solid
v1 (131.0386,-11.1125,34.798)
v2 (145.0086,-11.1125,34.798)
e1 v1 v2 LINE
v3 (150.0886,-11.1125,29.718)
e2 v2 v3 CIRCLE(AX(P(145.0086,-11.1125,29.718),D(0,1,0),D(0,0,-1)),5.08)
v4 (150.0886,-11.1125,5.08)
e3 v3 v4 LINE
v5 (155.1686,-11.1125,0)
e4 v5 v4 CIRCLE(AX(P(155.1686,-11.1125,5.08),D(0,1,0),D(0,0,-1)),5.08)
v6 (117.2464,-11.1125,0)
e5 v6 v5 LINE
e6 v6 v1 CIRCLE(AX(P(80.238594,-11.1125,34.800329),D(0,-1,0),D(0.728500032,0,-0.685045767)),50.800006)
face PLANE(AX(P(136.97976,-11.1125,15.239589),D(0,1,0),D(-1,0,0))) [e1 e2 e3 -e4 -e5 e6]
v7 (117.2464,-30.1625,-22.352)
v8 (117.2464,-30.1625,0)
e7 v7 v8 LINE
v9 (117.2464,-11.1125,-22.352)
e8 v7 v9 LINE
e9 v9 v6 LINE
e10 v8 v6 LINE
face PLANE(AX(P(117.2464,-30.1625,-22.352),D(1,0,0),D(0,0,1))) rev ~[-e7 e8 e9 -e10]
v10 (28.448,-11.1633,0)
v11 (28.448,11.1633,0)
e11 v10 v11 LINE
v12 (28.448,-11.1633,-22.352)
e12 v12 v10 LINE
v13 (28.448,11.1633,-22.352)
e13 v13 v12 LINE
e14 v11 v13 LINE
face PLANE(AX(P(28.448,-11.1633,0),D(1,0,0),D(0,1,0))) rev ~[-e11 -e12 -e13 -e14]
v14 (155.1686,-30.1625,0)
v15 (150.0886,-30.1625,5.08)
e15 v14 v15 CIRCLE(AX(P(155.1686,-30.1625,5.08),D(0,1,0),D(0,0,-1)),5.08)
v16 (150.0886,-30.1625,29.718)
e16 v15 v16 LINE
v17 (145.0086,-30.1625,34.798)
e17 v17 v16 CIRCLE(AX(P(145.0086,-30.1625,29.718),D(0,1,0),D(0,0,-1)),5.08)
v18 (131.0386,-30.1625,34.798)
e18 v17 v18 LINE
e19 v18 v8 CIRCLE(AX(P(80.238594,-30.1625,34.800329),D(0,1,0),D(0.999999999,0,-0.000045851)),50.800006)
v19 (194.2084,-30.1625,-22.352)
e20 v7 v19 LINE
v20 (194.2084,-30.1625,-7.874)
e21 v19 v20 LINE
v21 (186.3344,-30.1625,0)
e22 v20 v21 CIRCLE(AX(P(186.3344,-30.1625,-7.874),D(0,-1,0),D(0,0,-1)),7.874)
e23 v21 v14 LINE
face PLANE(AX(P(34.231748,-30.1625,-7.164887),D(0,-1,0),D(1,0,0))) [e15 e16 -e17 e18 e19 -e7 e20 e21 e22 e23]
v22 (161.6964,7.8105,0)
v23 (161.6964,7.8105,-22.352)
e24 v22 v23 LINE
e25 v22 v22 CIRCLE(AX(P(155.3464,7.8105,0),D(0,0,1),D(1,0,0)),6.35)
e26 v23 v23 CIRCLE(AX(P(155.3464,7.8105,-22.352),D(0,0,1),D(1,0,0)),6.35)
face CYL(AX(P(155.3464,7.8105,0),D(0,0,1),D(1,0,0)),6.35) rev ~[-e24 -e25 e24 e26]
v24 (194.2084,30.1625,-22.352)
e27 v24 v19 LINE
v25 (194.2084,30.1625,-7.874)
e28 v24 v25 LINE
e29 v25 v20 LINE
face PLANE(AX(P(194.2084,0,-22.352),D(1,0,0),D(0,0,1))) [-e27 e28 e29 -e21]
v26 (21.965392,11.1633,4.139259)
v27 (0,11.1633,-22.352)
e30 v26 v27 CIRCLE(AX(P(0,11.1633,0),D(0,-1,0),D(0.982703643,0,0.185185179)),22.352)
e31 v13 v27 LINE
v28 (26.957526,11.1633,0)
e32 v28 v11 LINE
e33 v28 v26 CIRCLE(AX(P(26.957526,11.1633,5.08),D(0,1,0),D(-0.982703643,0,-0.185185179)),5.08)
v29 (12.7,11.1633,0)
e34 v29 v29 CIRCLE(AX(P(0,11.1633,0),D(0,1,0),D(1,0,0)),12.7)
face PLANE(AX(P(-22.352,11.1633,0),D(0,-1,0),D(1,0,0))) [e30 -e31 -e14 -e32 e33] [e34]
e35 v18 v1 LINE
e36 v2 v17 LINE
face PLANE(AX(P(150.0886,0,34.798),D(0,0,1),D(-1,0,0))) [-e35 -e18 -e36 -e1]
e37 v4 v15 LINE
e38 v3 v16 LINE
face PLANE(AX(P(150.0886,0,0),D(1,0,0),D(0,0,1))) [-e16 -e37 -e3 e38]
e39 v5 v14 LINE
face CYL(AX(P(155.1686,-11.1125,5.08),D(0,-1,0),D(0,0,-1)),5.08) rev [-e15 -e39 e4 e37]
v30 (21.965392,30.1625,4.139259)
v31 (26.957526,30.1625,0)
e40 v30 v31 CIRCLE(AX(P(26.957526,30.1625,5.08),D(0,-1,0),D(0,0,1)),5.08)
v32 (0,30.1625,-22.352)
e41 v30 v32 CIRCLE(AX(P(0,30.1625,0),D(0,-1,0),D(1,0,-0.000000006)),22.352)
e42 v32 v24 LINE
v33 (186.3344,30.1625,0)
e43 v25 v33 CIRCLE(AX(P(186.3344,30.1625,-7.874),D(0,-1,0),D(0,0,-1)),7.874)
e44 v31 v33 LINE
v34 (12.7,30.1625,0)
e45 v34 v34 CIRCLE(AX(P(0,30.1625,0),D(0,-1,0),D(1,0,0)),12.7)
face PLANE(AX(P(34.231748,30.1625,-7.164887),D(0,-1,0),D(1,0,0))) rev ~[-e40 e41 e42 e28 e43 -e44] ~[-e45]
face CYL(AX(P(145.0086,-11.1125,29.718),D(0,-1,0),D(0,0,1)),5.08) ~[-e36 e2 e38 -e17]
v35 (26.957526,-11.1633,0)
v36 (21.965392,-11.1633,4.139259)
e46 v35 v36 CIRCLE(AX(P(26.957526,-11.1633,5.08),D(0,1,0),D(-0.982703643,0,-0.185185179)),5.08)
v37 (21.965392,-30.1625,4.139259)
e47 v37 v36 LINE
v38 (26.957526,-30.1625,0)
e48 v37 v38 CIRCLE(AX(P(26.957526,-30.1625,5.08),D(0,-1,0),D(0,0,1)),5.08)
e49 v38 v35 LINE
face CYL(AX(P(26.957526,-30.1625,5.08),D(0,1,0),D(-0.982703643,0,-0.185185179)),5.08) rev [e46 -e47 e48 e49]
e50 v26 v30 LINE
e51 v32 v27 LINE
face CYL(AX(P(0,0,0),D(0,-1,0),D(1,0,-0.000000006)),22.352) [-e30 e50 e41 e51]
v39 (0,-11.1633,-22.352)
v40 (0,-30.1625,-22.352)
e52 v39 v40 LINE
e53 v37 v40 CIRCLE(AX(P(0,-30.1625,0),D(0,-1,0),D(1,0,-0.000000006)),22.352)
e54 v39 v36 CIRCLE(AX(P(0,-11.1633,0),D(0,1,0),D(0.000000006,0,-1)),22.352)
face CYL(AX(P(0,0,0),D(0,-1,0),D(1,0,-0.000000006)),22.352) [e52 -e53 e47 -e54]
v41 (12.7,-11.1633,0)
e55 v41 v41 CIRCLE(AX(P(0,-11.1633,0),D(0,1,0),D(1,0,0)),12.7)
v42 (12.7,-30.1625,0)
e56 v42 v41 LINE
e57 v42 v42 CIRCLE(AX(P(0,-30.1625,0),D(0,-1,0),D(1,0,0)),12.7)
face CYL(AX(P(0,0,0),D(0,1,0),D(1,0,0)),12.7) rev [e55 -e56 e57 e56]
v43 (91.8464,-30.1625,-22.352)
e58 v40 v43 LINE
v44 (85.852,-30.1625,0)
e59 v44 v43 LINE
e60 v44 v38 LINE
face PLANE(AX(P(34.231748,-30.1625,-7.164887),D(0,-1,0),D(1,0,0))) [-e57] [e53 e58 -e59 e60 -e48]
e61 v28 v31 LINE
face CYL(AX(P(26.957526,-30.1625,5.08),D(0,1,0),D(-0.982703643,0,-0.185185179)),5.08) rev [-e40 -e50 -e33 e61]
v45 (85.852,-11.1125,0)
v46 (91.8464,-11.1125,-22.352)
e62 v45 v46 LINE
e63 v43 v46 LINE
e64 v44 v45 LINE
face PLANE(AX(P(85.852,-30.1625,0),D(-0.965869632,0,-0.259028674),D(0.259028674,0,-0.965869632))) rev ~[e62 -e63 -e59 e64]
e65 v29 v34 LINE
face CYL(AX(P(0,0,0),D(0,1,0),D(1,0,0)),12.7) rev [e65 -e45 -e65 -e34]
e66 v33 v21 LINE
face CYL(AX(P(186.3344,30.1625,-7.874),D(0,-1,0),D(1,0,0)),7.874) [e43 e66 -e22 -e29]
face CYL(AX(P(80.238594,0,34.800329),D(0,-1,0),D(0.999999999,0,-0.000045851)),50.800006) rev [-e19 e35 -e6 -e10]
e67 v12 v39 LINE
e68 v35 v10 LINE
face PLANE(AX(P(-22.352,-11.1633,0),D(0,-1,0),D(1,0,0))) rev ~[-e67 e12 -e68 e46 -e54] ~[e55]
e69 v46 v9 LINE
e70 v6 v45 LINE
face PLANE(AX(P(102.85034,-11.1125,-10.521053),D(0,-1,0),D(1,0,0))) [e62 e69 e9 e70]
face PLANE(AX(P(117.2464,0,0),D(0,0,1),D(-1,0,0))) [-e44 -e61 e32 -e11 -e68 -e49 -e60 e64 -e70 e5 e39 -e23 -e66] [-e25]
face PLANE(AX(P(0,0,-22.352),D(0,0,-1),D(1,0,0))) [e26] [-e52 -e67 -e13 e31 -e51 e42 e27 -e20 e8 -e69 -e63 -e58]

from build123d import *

# Parameters (mm, degrees)
F0_R      = 12.7
F11_DEPTH = 30.1625
F2_DEPTH  = 19.05
F4_DEPTH  = 41.275
F5_R      = 5.08
F6_R      = 7.874
F7_W      = 50.8
F7_H      = 22.3266
F8_DEPTH  = 38.1
F9_R      = 6.35
F10_DEPTH = 22.353


with BuildPart() as f11:
    # F0 (on Front) → F11 (new body, symmetric)
    with BuildSketch(Plane.XZ):
        with BuildLine():
            Line((85.852, 0), (22.352, 0))
            ThreePointArc((22.352, 0), (-15.805251, 15.805251), (0, -22.352))
            Line((0, -22.352), (91.8464, -22.352))
            Line((91.8464, -22.352), (85.852, 0))
        make_face()
        Circle(F0_R, mode=Mode.SUBTRACT)
        with BuildLine():
            ThreePointArc((131.0386, 34.798), (127.464415, 16.082358), (117.2464, 0))
            Line((117.2464, 0), (117.2464, -22.352))
            Line((117.2464, -22.352), (194.2084, -22.352))
            Line((194.2084, -22.352), (194.2084, 0))
            Line((194.2084, 0), (150.0886, 0))
            Line((150.0886, 0), (150.0886, 34.798))
            Line((150.0886, 34.798), (131.0386, 34.798))
        make_face()
        Polygon((117.2464, 0), (85.852, 0), (91.8464, -22.352), (117.2464, -22.352), align=None)
    extrude(amount=F11_DEPTH, both=True)

    # F1 (on face) → F2 (cut)
    with BuildSketch(Plane.XZ.offset(30.1625)):
        Polygon((117.2464, 0), (85.852, 0), (91.8464, -22.352), (117.2464, -22.352), align=None)
    extrude(amount=-F2_DEPTH, mode=Mode.SUBTRACT)

    # F3 (on face) → F4 (cut)
    with BuildSketch(Plane(origin=(0, 30.1625, 0), x_dir=(-1, 0, 0), z_dir=(0, 1, 0))):
        with BuildLine():
            Line((-150.0886, 34.798), (-150.0886, 0))
            Line((-150.0886, 0), (-117.2464, 0))
            ThreePointArc((-117.2464, 0), (-127.464415, 16.082358), (-131.0386, 34.798))
            Line((-131.0386, 34.798), (-150.0886, 34.798))
        make_face()
    extrude(amount=-F4_DEPTH, mode=Mode.SUBTRACT)

    # F5
    f5_edges = [f11.edges().sort_by_distance(p)[0] for p in [
        (22.352, 0, 0),
        (150.0886, -20.6375, 34.798),
        (150.0886, -20.6375, 0),
    ]]
    fillet(f5_edges, radius=F5_R)

    # F6
    f6_edges = [f11.edges().sort_by_distance(p)[0] for p in [
        (194.2084, 0, 0),
    ]]
    fillet(f6_edges, radius=F6_R)

    # F7 (on Top) → F8 (cut, symmetric)
    with BuildSketch(Plane.XY):
        with Locations((3.048, 0)):
            Rectangle(F7_W, F7_H)
    extrude(amount=F8_DEPTH, both=True, mode=Mode.SUBTRACT)

    # F9 (on face) → F10 (cut, through all)
    with BuildSketch(Plane.XY):
        with Locations((155.3464, 7.8105)):
            Circle(F9_R)
    extrude(amount=-F10_DEPTH, mode=Mode.SUBTRACT)


solid = f11.part
